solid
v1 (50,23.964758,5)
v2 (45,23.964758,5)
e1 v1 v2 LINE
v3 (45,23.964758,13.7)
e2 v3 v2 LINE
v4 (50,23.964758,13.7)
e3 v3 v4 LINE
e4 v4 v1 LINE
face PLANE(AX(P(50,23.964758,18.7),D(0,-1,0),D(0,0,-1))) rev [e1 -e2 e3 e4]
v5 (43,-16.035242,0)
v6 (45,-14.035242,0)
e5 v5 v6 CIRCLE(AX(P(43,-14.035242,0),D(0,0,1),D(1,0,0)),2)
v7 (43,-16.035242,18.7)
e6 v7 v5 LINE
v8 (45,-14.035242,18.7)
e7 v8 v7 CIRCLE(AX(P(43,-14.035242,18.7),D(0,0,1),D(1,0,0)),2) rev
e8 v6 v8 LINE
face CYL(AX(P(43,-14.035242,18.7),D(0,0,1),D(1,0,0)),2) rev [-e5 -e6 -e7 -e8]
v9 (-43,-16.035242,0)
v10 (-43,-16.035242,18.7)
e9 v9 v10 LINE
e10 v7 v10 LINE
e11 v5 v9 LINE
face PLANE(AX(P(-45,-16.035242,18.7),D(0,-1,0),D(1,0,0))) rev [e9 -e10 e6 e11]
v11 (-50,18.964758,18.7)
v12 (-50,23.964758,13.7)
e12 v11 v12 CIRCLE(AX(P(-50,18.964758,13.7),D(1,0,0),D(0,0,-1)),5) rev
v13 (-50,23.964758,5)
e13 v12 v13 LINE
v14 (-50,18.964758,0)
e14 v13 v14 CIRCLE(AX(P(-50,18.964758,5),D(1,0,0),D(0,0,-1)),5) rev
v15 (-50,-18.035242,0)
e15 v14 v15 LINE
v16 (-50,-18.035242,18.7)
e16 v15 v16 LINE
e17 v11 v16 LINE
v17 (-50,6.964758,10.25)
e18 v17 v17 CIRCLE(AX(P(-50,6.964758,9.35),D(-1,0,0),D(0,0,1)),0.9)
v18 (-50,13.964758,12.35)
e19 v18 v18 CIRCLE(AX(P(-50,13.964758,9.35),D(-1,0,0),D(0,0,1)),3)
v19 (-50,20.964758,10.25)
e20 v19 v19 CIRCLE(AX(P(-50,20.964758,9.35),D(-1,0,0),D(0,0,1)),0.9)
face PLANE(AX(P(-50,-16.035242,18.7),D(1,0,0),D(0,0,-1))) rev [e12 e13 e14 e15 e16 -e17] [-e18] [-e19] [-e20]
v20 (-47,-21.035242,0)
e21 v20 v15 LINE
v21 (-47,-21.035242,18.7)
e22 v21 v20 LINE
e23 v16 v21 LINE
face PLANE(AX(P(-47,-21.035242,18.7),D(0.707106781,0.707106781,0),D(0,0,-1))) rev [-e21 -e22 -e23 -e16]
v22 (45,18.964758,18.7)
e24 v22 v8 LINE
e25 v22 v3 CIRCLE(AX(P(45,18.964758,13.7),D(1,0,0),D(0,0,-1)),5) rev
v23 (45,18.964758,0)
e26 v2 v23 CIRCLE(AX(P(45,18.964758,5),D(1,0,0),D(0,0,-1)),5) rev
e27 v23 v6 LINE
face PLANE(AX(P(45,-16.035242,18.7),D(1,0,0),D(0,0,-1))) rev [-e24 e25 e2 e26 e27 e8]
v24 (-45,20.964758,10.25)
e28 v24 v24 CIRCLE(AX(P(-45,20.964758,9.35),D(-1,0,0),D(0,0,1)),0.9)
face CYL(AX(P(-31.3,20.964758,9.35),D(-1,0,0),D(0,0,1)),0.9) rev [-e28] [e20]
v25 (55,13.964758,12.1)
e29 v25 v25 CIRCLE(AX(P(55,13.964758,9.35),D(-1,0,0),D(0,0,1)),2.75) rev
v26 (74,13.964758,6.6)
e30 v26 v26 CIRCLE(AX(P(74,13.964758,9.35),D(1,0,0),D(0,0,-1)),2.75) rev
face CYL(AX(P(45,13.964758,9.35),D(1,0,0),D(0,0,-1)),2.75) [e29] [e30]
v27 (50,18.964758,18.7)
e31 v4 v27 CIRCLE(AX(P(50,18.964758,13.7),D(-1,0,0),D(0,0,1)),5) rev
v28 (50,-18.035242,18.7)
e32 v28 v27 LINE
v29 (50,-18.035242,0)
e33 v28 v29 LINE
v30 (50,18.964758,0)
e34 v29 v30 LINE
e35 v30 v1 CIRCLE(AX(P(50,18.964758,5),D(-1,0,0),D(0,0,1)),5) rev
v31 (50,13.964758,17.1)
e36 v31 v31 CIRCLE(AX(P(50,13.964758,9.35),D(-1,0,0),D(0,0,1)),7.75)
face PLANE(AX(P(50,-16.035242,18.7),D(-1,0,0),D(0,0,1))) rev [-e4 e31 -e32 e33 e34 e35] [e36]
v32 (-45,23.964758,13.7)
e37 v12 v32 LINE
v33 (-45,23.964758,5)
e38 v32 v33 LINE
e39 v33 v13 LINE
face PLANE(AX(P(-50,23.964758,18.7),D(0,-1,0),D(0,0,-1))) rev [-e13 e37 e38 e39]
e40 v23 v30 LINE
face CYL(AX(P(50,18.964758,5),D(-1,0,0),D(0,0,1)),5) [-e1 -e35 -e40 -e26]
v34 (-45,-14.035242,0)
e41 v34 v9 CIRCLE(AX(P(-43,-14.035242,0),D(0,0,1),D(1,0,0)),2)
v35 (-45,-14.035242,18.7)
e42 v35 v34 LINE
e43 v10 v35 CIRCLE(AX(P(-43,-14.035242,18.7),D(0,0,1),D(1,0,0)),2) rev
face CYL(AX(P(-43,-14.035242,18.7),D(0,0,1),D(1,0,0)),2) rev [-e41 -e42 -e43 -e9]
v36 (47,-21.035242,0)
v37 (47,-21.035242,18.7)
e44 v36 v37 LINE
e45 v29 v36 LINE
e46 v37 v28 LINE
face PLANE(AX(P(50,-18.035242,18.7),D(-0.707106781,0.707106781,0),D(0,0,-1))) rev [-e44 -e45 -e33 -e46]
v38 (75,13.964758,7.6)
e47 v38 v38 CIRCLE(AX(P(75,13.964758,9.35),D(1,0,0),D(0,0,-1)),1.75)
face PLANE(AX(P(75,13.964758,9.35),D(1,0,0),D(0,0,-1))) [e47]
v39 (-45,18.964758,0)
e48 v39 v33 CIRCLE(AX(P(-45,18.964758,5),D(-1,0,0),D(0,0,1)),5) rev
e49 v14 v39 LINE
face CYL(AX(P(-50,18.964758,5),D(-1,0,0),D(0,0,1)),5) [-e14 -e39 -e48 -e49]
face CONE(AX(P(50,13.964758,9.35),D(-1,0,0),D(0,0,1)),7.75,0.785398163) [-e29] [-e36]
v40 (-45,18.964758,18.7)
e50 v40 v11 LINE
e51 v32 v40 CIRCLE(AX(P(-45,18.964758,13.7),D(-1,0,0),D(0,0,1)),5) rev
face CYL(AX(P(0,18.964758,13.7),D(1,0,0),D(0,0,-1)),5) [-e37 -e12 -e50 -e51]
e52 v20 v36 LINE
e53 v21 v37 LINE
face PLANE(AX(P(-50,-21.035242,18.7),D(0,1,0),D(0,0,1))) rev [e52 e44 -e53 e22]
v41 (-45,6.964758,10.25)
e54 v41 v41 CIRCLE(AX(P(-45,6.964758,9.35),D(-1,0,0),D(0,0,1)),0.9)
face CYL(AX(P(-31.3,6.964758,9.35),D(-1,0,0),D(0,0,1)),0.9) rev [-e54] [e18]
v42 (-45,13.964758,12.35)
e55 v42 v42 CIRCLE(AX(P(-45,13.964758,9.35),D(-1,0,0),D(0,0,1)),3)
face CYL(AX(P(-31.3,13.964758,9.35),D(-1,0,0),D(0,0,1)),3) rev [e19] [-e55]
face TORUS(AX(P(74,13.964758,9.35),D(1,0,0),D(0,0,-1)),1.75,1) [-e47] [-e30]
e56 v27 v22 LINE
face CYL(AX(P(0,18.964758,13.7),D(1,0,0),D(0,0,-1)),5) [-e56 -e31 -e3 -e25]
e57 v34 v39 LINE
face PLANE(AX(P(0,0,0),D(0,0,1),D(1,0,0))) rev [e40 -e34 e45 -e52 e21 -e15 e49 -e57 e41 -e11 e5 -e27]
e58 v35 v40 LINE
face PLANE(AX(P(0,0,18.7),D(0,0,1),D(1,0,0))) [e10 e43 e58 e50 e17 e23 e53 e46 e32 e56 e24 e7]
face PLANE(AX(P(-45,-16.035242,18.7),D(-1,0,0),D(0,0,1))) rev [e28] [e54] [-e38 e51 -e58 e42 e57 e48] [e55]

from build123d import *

# Parameters (mm, degrees)
BOSS_EXTRUDE1_DEPTH      = 18.7
FILLET1_R                = 5
FILLET2_R                = 2
CHAMFER1_SIZE            = 3
SKETCH2_R                = 3
SKETCH2_R_2              = 0.9
CUT_EXTRUDE1_DEPTH       = 18.7
SKETCH3_R                = 0.414419125
CUT_EXTRUDE2_DEPTH       = 118.7
BOSS_EXTRUDE2_DEPTH      = 25
BOSS_EXTRUDE2_DEPTH_BACK = 5
SKETCH4_R                = 2.75
CHAMFER2_SIZE            = 5
FILLET3_R                = 1


with BuildPart() as part:
    # Sketch1 → Boss-Extrude1 (new body)
    with BuildSketch(Plane.XY):
        Polygon((-45, -16.035242291), (45, -16.035242291), (45, 23.964757709), (50, 23.964757709), (50, -16.035242291), (50, -21.035242291), (-50, -21.035242291), (-50, -16.035242291), (-50, 23.964757709), (-45, 23.964757709), align=None)
    extrude(amount=BOSS_EXTRUDE1_DEPTH)

    # Fillet1
    fillet1_edges = [part.edges().sort_by_distance(p)[0] for p in [
        (47.5, 23.964757709, 18.7),
        (-47.5, 23.964757709, 0),
        (47.5, 23.964757709, 0),
        (-47.5, 23.964757709, 18.7),
    ]]
    fillet(fillet1_edges, radius=FILLET1_R)

    # Fillet2
    fillet2_edges = [part.edges().sort_by_distance(p)[0] for p in [
        (-45, -16.035242291, 9.35),
        (45, -16.035242291, 9.35),
    ]]
    fillet(fillet2_edges, radius=FILLET2_R)

    # Chamfer1
    chamfer1_edges = [part.edges().sort_by_distance(p)[0] for p in [
        (50, -21.035242291, 9.35),
        (-50, -21.035242291, 9.35),
    ]]
    chamfer(chamfer1_edges, length=CHAMFER1_SIZE)

    # Sketch2 → Cut-Extrude1 (cut)
    with BuildSketch(Plane.ZY.offset(50)):
        with Locations((9.35, 13.964757709)):
            Circle(SKETCH2_R)
        with Locations((9.35, 20.964757709)):
            Circle(SKETCH2_R_2)
        with Locations((9.35, 6.964757709)):
            Circle(SKETCH2_R_2)
    extrude(amount=-CUT_EXTRUDE1_DEPTH, mode=Mode.SUBTRACT)

    # Sketch3 → Cut-Extrude2 (cut)
    with BuildSketch(Plane.ZY.offset(50)):
        with Locations((9.35, 13.964757709)):
            Circle(SKETCH3_R)
    extrude(amount=-CUT_EXTRUDE2_DEPTH, mode=Mode.SUBTRACT)

    # Sketch4 → Boss-Extrude2 (add, two sides: drawn at the far end of the back side and taken through both)
    with BuildSketch(Plane(origin=(50, 0, 0), x_dir=(0, 0, -1), z_dir=(1, 0, 0)).offset(-BOSS_EXTRUDE2_DEPTH_BACK)):
        with Locations((-9.35, 13.964757709)):
            Circle(SKETCH4_R)
    extrude(amount=BOSS_EXTRUDE2_DEPTH + BOSS_EXTRUDE2_DEPTH_BACK)

    # Chamfer2
    chamfer2_edges = [part.edges().sort_by_distance(p)[0] for p in [
        (50, 13.964757709, 12.1),
    ]]
    chamfer(chamfer2_edges, length=CHAMFER2_SIZE)

    # Fillet3
    fillet3_edges = [part.edges().sort_by_distance(p)[0] for p in [
        (75, 13.964757709, 12.1),
    ]]
    fillet(fillet3_edges, radius=FILLET3_R)


solid = part.part
